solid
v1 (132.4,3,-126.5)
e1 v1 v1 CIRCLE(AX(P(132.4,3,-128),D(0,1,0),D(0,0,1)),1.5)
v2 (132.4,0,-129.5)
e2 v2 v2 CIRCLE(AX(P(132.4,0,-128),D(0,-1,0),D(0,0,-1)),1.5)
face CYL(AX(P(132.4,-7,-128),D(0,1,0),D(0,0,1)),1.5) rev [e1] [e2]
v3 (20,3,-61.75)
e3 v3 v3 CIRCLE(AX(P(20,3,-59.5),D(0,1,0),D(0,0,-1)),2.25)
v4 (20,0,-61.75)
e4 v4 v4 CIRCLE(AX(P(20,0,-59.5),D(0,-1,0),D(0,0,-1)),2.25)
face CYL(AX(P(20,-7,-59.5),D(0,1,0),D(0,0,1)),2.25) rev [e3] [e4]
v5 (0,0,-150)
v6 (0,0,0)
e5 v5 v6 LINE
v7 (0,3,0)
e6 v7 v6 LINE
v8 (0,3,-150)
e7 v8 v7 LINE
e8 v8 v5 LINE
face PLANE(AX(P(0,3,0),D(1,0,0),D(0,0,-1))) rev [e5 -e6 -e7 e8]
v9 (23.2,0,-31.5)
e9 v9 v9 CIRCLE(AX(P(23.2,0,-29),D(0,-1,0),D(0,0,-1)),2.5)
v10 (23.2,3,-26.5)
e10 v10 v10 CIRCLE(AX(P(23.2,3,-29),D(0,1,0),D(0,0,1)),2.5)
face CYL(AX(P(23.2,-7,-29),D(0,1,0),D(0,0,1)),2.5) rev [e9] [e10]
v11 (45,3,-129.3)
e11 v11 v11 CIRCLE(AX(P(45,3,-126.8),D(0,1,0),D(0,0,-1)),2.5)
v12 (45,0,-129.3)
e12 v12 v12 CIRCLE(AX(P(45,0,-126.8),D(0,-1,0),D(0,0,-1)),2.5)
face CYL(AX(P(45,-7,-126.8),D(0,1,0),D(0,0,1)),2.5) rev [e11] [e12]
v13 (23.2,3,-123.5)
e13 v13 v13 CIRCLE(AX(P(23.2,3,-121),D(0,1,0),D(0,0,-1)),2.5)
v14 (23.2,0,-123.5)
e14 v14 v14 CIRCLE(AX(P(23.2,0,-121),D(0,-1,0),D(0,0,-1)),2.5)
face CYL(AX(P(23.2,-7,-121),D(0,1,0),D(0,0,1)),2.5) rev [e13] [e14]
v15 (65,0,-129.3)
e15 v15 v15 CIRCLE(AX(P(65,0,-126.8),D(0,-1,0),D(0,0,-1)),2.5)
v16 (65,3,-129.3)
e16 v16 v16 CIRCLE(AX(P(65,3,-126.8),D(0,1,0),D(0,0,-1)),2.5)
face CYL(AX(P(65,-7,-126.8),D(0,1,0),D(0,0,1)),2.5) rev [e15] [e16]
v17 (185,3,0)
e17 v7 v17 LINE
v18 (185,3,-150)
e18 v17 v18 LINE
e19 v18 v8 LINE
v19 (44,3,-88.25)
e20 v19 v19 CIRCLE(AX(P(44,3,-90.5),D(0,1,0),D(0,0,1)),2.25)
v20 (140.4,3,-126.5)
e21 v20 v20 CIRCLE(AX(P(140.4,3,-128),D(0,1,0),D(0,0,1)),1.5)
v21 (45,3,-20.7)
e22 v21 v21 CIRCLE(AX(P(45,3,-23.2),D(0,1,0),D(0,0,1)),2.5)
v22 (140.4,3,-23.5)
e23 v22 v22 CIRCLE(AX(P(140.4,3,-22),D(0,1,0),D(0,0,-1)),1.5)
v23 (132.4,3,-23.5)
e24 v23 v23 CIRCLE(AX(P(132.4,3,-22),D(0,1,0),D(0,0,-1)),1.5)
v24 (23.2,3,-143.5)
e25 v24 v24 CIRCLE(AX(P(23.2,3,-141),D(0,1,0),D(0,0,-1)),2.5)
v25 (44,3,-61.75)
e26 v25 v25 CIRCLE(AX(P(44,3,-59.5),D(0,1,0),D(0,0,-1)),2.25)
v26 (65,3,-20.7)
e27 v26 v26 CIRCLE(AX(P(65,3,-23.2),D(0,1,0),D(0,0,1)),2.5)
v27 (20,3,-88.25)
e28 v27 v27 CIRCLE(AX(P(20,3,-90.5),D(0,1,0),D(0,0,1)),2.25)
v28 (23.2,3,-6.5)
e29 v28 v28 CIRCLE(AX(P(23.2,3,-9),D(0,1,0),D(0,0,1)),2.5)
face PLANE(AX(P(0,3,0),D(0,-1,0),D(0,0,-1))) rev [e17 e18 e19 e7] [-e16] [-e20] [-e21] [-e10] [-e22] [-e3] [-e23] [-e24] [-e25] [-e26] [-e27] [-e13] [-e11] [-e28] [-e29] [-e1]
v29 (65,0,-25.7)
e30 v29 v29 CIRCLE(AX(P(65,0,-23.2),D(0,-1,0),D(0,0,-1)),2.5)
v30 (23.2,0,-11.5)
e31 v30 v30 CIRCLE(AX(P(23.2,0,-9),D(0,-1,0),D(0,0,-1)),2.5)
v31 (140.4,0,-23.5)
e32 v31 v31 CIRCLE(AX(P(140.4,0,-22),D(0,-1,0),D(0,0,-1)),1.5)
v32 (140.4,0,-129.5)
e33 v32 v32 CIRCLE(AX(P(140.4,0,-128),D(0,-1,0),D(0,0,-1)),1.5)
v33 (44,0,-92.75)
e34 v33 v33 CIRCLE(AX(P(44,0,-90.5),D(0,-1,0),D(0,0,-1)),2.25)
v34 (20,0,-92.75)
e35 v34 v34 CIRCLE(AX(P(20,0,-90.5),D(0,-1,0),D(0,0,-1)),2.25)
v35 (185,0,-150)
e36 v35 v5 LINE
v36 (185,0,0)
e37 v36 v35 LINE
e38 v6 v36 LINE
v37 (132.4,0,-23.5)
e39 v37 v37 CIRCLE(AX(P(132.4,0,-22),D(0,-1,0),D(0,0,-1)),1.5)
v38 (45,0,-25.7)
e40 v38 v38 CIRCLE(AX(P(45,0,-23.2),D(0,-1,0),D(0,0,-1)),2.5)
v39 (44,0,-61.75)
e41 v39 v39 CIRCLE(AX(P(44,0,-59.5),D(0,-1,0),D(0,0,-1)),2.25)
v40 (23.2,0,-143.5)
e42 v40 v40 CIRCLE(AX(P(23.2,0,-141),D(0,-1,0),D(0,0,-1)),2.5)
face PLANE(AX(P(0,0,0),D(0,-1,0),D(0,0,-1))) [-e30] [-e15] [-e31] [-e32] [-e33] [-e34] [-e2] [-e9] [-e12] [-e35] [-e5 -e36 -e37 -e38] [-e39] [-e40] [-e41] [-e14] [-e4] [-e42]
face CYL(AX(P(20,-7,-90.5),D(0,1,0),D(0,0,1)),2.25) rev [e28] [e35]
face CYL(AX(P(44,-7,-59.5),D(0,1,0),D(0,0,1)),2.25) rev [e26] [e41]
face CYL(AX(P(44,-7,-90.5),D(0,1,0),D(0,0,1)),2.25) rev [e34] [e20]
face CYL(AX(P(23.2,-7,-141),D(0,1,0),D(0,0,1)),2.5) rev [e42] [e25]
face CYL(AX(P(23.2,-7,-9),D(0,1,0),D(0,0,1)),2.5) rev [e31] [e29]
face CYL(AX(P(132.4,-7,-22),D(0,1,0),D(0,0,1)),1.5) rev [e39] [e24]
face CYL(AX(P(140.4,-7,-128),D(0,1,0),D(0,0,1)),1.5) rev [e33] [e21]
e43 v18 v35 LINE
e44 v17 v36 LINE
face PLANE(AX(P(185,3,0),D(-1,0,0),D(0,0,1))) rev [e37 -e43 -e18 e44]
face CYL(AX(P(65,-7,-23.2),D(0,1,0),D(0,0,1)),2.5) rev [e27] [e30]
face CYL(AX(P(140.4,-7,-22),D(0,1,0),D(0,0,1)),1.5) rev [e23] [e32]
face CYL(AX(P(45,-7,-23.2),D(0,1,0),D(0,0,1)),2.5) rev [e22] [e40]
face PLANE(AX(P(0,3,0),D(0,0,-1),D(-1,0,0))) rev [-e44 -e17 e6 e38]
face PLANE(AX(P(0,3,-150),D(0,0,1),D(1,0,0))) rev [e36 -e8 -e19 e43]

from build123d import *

# Parameters (mm, degrees)
SKETCH2_W           = 185
SKETCH2_H           = 150
BOSS_EXTRUDE1_DEPTH = 3
SKETCH3_R           = 1.5
SKETCH3_R_2         = 2.25
SKETCH3_R_3         = 2.5
CUT_EXTRUDE1_DEPTH  = 10


with BuildPart() as part:
    # Sketch2 → Boss-Extrude1 (new body)
    with BuildSketch(Plane(origin=(0, 0, 0), x_dir=(1, 0, 0), z_dir=(0, 1, 0))):
        with Locations((92.5, 75)):
            Rectangle(SKETCH2_W, SKETCH2_H)
    extrude(amount=BOSS_EXTRUDE1_DEPTH)

    # Sketch3 → Cut-Extrude1 (cut)
    with BuildSketch(Plane(origin=(0, 3, 0), x_dir=(1, 0, 0), z_dir=(0, 1, 0))):
        with Locations(Location((140.4, 128, 0), (0, 0, 270))):
            Circle(SKETCH3_R)
        with Locations(Location((132.4, 128, 0), (0, 0, 270))):
            Circle(SKETCH3_R)
        with Locations(Location((132.4, 22, 0), (0, 0, 90))):
            Circle(SKETCH3_R)
        with Locations(Location((140.4, 22, 0), (0, 0, 90))):
            Circle(SKETCH3_R)
        with Locations(Location((20, 90.5, 0), (0, 0, 270))):
            Circle(SKETCH3_R_2)
        with Locations(Location((44, 90.5, 0), (0, 0, 270))):
            Circle(SKETCH3_R_2)
        with Locations(Location((44, 59.5, 0), (0, 0, 90))):
            Circle(SKETCH3_R_2)
        with Locations(Location((20, 59.5, 0), (0, 0, 90))):
            Circle(SKETCH3_R_2)
        with Locations(Location((45, 23.2, 0), (0, 0, 270))):
            Circle(SKETCH3_R_3)
        with Locations(Location((65, 23.2, 0), (0, 0, 270))):
            Circle(SKETCH3_R_3)
        with Locations(Location((65, 126.8, 0), (0, 0, 90))):
            Circle(SKETCH3_R_3)
        with Locations(Location((45, 126.8, 0), (0, 0, 90))):
            Circle(SKETCH3_R_3)
        with Locations(Location((23.2, 9, 0), (0, 0, 270))):
            Circle(SKETCH3_R_3)
        with Locations(Location((23.2, 29, 0), (0, 0, 270))):
            Circle(SKETCH3_R_3)
        with Locations(Location((23.2, 121, 0), (0, 0, 90))):
            Circle(SKETCH3_R_3)
        with Locations(Location((23.2, 141, 0), (0, 0, 90))):
            Circle(SKETCH3_R_3)
    extrude(amount=-CUT_EXTRUDE1_DEPTH, mode=Mode.SUBTRACT)


solid = part.part
